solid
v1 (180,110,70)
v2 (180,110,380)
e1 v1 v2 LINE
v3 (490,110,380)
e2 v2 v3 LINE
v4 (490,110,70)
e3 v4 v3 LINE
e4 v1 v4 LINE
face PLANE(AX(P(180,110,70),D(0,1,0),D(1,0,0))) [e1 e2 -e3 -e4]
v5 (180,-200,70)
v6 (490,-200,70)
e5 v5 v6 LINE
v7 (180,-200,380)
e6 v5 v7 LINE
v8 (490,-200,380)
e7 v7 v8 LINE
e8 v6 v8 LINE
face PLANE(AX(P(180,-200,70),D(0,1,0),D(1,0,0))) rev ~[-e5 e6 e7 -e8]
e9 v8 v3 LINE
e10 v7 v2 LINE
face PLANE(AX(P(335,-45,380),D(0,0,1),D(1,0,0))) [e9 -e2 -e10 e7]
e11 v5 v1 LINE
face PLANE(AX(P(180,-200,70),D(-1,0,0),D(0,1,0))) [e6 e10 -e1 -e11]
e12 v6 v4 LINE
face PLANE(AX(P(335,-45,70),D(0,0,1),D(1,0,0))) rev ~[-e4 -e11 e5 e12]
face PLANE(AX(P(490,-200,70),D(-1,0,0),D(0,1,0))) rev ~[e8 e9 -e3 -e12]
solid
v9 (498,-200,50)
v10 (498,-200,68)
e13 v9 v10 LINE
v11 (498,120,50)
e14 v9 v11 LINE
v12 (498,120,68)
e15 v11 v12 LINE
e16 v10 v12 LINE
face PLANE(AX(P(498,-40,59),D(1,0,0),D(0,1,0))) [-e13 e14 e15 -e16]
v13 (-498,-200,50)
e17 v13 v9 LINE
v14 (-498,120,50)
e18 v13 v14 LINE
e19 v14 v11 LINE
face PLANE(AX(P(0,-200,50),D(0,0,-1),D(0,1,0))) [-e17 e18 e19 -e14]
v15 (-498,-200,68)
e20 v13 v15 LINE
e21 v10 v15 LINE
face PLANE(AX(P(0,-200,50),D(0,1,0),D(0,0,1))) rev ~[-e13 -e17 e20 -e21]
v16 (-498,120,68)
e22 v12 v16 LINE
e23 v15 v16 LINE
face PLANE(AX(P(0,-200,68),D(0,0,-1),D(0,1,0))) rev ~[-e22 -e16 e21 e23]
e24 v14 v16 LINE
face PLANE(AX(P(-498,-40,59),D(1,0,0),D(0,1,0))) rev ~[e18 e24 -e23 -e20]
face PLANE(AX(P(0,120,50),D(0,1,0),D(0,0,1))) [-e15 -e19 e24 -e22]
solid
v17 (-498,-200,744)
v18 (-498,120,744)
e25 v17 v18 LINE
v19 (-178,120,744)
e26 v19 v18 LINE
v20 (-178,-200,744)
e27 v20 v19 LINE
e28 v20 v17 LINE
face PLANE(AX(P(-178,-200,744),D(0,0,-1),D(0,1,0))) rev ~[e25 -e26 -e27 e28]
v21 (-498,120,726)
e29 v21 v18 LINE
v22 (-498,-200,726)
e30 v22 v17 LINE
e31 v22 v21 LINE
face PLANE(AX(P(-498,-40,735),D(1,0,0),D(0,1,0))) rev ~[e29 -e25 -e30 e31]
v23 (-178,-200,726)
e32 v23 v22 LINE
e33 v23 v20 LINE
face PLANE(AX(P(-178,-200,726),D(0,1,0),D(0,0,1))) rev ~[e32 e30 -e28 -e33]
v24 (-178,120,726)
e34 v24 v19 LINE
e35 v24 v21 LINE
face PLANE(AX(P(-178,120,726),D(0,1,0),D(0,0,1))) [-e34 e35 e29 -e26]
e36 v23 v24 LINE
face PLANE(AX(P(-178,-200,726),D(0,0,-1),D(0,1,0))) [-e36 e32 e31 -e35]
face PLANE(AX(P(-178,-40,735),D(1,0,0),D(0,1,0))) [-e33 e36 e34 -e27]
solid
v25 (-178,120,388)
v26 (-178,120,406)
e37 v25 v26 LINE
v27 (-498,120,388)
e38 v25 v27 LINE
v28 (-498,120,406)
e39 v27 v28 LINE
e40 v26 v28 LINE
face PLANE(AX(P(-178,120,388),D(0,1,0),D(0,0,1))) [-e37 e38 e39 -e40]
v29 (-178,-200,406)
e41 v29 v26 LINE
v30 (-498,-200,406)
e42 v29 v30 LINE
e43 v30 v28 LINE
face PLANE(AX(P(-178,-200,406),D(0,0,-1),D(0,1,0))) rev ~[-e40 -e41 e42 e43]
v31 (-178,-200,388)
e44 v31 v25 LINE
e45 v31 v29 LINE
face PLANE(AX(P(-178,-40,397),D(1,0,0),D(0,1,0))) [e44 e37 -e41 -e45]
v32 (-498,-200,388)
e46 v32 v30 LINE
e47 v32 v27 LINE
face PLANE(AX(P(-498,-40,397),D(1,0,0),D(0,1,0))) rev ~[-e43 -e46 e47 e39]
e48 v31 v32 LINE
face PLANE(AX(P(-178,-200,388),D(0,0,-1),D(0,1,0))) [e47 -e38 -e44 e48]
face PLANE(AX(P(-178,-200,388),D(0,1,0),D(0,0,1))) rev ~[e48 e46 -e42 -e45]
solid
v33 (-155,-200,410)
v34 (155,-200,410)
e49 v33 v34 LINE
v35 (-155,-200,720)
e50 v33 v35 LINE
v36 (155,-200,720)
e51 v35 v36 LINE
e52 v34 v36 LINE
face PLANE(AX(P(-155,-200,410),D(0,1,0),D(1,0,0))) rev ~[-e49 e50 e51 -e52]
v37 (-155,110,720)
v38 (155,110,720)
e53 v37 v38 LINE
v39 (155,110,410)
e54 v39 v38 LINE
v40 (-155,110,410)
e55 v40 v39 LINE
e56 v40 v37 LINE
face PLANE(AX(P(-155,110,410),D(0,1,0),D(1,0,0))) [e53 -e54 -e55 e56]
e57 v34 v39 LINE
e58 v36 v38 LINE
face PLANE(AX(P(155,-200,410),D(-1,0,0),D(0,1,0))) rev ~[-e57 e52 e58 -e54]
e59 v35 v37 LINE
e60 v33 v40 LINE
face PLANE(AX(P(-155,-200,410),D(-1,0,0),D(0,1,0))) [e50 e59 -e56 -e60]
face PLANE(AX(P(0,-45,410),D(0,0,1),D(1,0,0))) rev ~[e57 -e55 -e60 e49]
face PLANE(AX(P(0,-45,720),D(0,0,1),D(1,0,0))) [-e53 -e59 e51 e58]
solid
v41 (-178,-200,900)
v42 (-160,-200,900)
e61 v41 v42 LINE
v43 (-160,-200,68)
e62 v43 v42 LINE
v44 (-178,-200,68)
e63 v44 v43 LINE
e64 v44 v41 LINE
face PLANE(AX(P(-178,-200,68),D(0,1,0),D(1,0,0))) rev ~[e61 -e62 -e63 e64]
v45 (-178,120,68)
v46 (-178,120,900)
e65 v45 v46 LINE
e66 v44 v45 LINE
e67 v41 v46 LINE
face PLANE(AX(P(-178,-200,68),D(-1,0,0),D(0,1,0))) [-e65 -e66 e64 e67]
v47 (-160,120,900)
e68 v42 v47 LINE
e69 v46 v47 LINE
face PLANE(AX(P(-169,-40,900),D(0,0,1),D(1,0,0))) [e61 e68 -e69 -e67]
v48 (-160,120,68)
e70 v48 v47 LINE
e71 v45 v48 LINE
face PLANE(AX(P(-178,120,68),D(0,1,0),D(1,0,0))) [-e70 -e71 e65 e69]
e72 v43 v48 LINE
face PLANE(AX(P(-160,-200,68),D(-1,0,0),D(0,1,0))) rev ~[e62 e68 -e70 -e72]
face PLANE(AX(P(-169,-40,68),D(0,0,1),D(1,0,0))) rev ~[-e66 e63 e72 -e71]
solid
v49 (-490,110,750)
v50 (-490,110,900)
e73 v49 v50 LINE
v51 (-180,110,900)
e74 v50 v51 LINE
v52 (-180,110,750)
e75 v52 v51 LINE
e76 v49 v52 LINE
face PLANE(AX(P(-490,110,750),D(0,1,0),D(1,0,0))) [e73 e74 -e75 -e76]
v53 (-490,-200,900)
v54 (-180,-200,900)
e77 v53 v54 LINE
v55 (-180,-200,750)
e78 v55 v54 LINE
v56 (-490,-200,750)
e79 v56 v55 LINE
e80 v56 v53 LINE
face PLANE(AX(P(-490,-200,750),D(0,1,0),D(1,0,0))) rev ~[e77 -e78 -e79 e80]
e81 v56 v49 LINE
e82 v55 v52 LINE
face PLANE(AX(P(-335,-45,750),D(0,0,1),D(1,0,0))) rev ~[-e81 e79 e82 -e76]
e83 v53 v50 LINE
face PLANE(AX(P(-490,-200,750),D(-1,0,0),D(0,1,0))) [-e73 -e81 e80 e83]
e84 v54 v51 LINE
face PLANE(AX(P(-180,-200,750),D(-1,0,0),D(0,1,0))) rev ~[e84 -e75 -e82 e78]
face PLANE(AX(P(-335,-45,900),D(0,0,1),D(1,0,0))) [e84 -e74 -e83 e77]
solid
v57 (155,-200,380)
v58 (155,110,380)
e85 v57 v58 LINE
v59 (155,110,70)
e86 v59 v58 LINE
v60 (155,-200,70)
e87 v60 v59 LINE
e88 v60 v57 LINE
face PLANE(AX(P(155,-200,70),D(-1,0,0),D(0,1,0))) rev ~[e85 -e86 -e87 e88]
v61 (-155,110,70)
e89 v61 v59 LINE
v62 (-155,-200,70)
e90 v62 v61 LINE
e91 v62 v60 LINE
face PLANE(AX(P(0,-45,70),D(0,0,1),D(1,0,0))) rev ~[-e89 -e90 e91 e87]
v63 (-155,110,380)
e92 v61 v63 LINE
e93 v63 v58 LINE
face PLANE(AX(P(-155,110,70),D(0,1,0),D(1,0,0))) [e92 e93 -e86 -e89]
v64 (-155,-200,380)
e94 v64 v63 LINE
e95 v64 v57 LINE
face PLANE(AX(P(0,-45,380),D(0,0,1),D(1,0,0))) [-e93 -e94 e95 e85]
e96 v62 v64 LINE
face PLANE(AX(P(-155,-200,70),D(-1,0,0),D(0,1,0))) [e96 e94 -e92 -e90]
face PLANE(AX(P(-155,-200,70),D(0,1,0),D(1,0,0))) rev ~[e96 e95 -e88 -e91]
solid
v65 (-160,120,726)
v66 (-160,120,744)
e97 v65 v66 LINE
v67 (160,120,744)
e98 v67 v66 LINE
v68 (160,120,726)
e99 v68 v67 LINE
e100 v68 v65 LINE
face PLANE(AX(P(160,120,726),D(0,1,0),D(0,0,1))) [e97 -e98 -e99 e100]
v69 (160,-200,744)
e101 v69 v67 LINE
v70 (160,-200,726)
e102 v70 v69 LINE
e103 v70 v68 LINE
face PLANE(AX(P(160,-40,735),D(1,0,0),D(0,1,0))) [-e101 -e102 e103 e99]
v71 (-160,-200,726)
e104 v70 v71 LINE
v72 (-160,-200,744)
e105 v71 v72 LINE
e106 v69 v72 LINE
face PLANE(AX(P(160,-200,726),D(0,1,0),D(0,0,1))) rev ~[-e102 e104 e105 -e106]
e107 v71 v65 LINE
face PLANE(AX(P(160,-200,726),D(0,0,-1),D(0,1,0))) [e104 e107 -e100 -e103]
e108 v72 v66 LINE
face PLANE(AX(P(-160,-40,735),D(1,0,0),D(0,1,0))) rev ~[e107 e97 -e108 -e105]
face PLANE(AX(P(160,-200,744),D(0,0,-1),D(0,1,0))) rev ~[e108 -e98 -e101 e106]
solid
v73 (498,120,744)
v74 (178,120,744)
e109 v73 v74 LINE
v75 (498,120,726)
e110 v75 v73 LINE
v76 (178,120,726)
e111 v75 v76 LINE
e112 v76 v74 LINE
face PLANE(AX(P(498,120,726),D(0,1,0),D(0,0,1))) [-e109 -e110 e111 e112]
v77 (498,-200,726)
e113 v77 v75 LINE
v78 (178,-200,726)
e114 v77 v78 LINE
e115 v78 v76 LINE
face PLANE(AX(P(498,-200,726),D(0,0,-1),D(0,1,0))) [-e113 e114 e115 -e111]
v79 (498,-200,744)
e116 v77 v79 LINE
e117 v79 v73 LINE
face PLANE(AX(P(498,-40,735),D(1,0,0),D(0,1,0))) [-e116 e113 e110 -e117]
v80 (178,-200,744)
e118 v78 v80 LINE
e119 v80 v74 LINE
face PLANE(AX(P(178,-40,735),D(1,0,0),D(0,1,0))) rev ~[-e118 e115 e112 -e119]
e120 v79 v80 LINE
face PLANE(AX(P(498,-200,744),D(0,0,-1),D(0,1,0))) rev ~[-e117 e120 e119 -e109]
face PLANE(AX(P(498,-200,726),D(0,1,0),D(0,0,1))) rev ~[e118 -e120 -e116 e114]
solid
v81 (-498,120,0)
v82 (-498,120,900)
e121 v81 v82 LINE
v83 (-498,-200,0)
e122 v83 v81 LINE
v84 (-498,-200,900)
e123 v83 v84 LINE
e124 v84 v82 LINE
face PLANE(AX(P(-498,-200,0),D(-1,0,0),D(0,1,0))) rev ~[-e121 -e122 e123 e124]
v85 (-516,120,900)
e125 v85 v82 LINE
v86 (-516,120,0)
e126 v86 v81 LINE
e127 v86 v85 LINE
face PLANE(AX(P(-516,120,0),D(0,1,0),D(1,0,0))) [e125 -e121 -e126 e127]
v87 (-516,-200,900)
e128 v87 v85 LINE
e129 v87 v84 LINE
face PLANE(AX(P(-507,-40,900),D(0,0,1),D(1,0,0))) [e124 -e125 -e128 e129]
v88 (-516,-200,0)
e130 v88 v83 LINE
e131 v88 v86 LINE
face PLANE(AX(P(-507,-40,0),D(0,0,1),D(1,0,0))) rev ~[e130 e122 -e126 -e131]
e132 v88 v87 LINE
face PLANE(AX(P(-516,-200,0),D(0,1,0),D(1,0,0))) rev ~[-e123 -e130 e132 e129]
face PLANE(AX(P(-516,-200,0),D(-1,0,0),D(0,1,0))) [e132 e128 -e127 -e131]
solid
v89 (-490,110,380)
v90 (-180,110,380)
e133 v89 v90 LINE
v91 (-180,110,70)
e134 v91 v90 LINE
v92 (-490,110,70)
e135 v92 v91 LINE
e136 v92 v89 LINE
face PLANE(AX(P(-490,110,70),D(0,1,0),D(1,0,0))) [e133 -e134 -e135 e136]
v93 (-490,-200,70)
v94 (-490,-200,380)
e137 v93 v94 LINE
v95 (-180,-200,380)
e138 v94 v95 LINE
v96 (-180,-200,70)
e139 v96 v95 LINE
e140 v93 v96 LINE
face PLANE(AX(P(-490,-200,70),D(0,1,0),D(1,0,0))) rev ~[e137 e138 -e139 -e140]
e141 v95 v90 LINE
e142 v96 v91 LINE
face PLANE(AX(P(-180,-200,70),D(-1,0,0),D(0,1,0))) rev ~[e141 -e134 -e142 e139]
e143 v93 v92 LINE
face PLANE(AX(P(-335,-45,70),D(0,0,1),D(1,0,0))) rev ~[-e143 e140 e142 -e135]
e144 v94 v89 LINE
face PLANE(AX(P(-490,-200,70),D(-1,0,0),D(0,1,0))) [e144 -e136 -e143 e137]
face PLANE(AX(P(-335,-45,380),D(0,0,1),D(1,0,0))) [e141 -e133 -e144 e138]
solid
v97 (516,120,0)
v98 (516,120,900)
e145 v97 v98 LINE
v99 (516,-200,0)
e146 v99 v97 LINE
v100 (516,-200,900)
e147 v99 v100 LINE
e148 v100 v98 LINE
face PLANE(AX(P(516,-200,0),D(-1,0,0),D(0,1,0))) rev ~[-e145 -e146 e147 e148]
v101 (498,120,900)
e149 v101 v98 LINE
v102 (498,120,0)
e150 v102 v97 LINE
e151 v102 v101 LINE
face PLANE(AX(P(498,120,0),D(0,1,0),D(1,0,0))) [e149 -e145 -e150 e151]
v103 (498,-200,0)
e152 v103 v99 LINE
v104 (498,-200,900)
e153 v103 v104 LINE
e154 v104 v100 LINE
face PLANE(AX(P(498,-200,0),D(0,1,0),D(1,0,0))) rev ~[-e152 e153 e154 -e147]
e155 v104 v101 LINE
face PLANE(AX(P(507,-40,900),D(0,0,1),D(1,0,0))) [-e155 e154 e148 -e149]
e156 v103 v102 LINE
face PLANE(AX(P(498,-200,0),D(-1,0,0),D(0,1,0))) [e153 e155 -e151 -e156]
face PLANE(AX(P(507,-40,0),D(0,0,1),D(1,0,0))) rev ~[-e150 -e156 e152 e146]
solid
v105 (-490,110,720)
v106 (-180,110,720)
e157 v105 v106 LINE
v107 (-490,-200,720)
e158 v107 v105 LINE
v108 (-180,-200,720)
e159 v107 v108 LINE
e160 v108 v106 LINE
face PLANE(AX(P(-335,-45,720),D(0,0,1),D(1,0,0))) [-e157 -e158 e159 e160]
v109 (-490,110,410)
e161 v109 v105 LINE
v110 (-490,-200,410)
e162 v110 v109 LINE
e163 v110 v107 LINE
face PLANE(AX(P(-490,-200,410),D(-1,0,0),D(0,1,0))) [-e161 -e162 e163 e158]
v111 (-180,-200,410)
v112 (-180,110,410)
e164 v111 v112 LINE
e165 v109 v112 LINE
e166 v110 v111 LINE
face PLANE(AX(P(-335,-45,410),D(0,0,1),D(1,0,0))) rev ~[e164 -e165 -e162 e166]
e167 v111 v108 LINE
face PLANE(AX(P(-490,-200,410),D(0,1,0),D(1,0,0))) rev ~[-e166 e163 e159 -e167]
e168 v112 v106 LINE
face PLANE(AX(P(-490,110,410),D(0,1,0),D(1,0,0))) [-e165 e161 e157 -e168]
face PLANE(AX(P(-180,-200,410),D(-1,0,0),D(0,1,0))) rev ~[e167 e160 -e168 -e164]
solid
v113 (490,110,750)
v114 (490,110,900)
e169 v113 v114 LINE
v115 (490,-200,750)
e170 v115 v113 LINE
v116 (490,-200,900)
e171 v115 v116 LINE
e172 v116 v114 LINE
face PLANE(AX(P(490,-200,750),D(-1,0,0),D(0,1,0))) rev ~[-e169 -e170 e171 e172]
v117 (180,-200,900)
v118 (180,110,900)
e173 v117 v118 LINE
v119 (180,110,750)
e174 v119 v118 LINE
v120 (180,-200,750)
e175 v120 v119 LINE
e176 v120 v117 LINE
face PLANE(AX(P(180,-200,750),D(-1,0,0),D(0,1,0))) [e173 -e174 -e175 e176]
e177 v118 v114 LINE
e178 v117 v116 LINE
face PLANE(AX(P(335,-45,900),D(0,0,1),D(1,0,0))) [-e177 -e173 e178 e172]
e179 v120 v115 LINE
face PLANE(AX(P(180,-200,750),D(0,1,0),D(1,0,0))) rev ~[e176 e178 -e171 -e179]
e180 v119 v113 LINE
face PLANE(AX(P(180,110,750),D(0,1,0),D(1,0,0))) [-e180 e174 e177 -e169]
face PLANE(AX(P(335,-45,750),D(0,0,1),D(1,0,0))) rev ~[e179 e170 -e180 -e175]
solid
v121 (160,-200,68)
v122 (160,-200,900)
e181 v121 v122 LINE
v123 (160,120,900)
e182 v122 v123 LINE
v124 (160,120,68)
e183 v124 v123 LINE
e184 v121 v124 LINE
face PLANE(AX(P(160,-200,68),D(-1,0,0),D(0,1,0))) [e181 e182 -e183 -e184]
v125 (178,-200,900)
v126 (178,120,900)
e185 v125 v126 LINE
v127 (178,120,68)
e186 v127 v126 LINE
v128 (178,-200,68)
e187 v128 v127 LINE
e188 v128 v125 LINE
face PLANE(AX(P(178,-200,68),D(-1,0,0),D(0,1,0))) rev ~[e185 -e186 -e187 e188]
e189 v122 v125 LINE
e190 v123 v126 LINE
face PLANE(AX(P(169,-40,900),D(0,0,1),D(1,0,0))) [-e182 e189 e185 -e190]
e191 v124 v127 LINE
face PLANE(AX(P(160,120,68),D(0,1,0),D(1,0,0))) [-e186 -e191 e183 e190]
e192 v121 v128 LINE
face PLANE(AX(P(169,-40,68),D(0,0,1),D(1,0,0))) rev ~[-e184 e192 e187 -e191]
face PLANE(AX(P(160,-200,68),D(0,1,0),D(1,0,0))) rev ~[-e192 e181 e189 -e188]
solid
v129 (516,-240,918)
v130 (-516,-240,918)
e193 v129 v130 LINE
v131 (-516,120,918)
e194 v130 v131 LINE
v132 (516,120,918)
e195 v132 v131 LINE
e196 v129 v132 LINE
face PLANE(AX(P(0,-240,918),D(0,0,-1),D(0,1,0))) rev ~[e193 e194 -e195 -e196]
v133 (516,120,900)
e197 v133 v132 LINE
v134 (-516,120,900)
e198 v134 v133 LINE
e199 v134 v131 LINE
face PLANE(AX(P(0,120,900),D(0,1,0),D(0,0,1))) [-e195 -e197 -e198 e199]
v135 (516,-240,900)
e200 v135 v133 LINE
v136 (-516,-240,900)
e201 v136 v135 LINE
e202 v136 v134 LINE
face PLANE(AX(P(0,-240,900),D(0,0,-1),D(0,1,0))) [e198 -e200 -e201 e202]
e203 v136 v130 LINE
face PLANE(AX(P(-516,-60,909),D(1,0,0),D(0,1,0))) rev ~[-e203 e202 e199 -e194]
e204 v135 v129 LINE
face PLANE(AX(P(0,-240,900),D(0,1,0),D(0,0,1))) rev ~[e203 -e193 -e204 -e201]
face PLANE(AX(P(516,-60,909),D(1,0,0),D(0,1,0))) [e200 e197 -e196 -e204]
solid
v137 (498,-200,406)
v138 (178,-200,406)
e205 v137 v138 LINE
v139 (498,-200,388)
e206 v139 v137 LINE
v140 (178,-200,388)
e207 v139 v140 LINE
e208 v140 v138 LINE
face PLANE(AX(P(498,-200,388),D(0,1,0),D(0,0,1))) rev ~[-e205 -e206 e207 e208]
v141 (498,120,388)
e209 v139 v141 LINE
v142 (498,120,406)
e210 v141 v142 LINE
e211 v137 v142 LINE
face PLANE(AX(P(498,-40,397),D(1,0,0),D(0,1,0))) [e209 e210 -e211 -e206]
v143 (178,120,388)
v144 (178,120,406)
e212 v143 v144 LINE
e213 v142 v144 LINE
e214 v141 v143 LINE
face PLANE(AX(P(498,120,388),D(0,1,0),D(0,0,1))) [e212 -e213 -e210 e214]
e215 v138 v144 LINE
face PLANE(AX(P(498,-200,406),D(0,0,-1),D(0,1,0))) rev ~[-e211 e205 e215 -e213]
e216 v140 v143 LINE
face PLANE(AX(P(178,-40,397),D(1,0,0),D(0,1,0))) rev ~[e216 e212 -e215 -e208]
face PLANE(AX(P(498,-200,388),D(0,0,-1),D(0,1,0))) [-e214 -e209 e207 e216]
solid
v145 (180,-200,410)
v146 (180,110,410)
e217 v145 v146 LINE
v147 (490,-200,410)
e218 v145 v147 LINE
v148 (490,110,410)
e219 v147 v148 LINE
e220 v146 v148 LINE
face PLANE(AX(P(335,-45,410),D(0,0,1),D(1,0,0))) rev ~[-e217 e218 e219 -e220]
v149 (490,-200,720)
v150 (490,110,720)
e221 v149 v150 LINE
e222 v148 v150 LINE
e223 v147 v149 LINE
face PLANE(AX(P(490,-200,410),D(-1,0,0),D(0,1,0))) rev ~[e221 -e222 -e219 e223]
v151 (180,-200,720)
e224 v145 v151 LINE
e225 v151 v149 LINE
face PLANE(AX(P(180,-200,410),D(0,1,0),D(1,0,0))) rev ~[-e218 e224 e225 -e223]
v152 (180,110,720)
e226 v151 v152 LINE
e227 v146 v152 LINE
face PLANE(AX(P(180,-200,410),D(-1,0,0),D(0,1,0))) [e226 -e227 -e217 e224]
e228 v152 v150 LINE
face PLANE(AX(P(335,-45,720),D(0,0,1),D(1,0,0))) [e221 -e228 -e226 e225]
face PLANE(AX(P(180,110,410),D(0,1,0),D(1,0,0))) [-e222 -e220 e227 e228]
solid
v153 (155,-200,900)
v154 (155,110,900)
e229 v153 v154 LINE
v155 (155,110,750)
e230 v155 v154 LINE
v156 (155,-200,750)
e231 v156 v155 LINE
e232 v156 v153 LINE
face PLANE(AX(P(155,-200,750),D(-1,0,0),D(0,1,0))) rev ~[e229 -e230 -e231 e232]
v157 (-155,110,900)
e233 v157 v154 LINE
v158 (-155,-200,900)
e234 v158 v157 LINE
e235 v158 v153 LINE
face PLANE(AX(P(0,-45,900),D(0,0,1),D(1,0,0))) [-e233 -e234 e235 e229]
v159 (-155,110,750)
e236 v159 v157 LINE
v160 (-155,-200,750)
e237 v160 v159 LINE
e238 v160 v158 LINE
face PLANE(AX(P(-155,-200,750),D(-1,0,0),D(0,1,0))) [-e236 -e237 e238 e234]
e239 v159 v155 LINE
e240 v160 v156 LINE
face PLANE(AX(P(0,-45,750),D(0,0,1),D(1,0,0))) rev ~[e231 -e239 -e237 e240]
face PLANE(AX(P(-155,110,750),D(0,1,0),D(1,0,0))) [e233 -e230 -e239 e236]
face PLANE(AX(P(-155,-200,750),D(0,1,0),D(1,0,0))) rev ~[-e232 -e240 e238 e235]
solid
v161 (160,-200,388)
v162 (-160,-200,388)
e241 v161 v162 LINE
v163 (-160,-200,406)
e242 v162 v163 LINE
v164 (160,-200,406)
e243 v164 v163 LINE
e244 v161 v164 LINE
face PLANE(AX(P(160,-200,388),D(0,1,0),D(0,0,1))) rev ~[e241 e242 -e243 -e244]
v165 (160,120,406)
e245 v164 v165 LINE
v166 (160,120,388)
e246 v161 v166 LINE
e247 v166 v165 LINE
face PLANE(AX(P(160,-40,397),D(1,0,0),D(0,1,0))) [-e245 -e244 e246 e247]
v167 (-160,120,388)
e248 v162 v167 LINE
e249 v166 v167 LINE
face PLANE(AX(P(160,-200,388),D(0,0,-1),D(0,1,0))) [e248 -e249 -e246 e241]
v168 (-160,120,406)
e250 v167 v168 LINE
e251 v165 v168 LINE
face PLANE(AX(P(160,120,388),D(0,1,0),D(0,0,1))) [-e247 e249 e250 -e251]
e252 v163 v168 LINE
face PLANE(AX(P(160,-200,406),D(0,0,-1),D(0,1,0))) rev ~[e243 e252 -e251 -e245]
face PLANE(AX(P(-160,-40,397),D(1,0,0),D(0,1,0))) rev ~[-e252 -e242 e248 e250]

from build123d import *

# Parameters (mm, degrees)
F0_W      = 18
F0_H      = 320
F1_DEPTH  = 900
F3_W      = 18
F3_H      = 320
F4_DEPTH  = 832
F5_W      = 320
F5_H      = 18
F6_DEPTH  = 498
F10_W     = 320
F10_H     = 18
F11_DEPTH = 320
F12_W     = 320
F12_H     = 18
F13_DEPTH = 320
F14_W     = 320
F14_H     = 18
F15_DEPTH = 320
F5_W_2    = 360
F16_DEPTH = 516
F18_W     = 310
F18_H     = 310
F19_DEPTH = 310
F21_W     = 310
F21_H     = 310
F22_DEPTH = 310
F24_W     = 310
F24_H     = 310
F25_DEPTH = 150


with BuildPart() as f1:
    # F0 (on Top) → F1 (new body)
    with BuildSketch(Plane.XY):
        with Locations((-507, -40)):
            Rectangle(F0_W, F0_H)
        with Locations((507, -40)):
            Rectangle(F0_W, F0_H)
    extrude(amount=F1_DEPTH)


with BuildPart() as f4:
    # F3 (on offset) → F4 (new body)
    with BuildSketch(Plane.XY.offset(68)):
        with Locations((-169, -40)):
            Rectangle(F3_W, F3_H)
        with Locations((169, -40)):
            Rectangle(F3_W, F3_H)
    extrude(amount=F4_DEPTH)


with BuildPart() as f6:
    # F5 (on Right) → F6 (new body, symmetric)
    with BuildSketch(Plane.YZ):
        with Locations((-40, 59)):
            Rectangle(F5_W, F5_H)
    extrude(amount=F6_DEPTH, both=True)


with BuildPart() as f11:
    # F10 (on offset) → F11 (new body)
    with BuildSketch(Plane.YZ.offset(-178)):
        with Locations((-40, 397)):
            Rectangle(F10_W, F10_H)
        with Locations((-40, 735)):
            Rectangle(F10_W, F10_H)
    extrude(amount=-F11_DEPTH)


with BuildPart() as f13:
    # F12 (on offset) → F13 (new body)
    with BuildSketch(Plane.YZ.offset(160)):
        with Locations((-40, 397)):
            Rectangle(F12_W, F12_H)
        with Locations((-40, 735)):
            Rectangle(F12_W, F12_H)
    extrude(amount=-F13_DEPTH)


with BuildPart() as f15:
    # F14 (on offset) → F15 (new body)
    with BuildSketch(Plane.YZ.offset(498)):
        with Locations((-40, 397)):
            Rectangle(F14_W, F14_H)
        with Locations((-40, 735)):
            Rectangle(F14_W, F14_H)
    extrude(amount=-F15_DEPTH)


with BuildPart() as f16:
    # F5 (on Right) → F16 (new body, symmetric)
    with BuildSketch(Plane.YZ):
        with Locations((-60, 909)):
            Rectangle(F5_W_2, F5_H)
    extrude(amount=F16_DEPTH, both=True)


with BuildPart() as f19:
    # F18 (on offset) → F19 (new body)
    with BuildSketch(Plane.XY.offset(70)):
        with Locations((-335, -45)):
            Rectangle(F18_W, F18_H)
        with Locations((0, -45)):
            Rectangle(F18_W, F18_H)
        with Locations((335, -45)):
            Rectangle(F18_W, F18_H)
    extrude(amount=F19_DEPTH)


with BuildPart() as f22:
    # F21 (on offset) → F22 (new body)
    with BuildSketch(Plane.XY.offset(410)):
        with Locations((-335, -45)):
            Rectangle(F21_W, F21_H)
        with Locations((0, -45)):
            Rectangle(F21_W, F21_H)
        with Locations((335, -45)):
            Rectangle(F21_W, F21_H)
    extrude(amount=F22_DEPTH)


with BuildPart() as f25:
    # F24 (on offset) → F25 (new body)
    with BuildSketch(Plane.XY.offset(750)):
        with Locations((-335, -45)):
            Rectangle(F24_W, F24_H)
        with Locations((0, -45)):
            Rectangle(F24_W, F24_H)
        with Locations((335, -45)):
            Rectangle(F24_W, F24_H)
    extrude(amount=F25_DEPTH)


solid = Compound([f1.part, f4.part, f6.part, f11.part, f13.part, f15.part, f16.part, f19.part, f22.part, f25.part])
